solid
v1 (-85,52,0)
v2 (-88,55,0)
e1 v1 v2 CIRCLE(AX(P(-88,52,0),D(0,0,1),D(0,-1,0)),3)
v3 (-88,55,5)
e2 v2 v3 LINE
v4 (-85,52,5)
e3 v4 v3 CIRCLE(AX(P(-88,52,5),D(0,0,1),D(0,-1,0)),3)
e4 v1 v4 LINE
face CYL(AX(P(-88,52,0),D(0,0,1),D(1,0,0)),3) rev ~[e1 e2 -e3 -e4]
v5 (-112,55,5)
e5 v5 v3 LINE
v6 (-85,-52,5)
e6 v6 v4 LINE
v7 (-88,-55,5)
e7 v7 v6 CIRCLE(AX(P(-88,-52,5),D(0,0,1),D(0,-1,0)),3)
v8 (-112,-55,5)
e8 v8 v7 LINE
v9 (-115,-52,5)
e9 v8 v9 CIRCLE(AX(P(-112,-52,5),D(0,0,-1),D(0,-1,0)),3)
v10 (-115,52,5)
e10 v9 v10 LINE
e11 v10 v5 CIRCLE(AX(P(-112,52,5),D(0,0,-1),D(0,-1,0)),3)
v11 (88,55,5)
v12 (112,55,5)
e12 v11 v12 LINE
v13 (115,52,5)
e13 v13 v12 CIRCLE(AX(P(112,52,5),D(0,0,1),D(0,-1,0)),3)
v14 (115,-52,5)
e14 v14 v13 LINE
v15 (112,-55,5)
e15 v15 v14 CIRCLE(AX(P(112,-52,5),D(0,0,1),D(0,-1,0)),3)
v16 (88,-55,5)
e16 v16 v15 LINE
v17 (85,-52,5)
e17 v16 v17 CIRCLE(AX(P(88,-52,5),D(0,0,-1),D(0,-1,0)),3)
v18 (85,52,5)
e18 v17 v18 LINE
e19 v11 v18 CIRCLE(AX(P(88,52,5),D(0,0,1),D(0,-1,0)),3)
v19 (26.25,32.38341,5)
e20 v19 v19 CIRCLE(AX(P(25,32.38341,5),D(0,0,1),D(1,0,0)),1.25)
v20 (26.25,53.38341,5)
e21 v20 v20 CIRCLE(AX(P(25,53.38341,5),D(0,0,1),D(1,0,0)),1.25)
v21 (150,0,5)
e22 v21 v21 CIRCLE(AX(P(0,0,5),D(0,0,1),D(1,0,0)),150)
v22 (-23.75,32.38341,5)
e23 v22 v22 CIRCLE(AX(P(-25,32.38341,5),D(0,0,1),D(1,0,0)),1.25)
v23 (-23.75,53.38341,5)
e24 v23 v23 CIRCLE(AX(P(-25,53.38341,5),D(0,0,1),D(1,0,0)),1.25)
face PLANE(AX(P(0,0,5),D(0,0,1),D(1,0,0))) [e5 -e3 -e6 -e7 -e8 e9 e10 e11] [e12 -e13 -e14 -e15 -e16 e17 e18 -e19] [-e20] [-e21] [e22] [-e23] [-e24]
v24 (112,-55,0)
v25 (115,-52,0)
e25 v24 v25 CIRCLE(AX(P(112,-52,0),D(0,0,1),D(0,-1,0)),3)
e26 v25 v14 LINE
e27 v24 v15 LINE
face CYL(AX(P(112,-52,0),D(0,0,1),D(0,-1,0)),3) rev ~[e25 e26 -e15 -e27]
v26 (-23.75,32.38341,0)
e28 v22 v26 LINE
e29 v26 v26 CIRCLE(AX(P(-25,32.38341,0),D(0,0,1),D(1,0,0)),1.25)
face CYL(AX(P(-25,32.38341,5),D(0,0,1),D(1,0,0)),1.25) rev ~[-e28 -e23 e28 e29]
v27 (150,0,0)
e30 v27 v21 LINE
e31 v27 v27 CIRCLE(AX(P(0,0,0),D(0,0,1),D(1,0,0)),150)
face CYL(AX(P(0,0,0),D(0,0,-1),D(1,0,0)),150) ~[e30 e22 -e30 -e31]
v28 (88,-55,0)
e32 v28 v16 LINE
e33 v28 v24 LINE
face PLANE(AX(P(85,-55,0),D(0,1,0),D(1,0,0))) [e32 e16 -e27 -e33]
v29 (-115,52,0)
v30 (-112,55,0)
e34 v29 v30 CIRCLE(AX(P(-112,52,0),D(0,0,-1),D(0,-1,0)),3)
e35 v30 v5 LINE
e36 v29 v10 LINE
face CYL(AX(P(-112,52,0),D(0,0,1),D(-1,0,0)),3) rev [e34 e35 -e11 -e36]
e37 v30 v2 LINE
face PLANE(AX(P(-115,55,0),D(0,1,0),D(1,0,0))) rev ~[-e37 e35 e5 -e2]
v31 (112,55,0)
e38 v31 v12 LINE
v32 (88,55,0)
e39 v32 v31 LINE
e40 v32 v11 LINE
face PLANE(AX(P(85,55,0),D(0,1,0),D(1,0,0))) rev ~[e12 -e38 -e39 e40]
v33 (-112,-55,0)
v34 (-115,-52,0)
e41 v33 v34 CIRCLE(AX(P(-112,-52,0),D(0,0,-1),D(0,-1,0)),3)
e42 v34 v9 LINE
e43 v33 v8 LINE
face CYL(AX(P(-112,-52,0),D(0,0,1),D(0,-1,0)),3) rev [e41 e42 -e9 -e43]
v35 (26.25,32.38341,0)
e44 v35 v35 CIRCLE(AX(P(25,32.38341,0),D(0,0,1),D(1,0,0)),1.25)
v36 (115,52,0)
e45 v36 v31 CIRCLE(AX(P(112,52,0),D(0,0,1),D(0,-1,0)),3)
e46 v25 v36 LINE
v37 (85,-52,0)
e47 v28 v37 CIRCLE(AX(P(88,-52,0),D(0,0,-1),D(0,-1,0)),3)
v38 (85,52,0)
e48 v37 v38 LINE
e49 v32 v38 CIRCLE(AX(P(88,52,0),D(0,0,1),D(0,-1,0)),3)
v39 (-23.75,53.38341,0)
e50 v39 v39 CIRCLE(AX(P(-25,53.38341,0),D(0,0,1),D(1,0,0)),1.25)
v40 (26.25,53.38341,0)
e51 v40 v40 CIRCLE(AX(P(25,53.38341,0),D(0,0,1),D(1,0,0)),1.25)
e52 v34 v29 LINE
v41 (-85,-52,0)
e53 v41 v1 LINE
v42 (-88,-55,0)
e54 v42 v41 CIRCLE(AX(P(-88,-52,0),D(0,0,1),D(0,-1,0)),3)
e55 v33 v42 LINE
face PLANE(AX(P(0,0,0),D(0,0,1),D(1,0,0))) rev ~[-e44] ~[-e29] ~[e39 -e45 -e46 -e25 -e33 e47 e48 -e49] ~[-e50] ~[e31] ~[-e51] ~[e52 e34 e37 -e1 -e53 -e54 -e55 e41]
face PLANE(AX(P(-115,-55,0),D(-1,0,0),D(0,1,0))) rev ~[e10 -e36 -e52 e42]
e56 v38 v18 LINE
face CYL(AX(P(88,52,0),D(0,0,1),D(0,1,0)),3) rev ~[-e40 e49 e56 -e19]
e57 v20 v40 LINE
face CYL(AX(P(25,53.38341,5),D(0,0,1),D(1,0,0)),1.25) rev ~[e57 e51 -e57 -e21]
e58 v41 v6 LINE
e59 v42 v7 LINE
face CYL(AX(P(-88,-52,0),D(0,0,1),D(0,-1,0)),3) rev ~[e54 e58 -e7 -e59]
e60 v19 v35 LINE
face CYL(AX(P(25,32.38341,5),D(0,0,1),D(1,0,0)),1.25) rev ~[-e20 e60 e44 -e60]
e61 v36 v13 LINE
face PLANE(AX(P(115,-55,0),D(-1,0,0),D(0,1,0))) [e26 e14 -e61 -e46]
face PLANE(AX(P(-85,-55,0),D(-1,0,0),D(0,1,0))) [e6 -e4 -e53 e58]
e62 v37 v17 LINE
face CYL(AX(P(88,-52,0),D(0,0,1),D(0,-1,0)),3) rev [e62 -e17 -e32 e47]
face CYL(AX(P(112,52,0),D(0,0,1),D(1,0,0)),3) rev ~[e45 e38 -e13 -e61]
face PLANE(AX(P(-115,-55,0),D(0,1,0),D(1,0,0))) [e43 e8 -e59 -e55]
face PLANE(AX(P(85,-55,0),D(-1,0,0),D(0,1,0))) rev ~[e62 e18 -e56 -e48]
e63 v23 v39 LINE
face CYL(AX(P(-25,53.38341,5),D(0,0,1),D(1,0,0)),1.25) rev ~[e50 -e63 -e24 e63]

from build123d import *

# Parameters (mm, degrees)
SKETCH_R     = 150
SKETCH_W     = 30
SKETCH_H     = 110
PAD_DEPTH    = 5
FILLET_R     = 3
SKETCH003_R  = 1.25
POCKET_DEPTH = 5.001


with BuildPart() as part:
    # Sketch → Pad (new body)
    with BuildSketch(Plane.XY):
        Circle(SKETCH_R)
        with Locations((-100, 0)):
            Rectangle(SKETCH_W, SKETCH_H, mode=Mode.SUBTRACT)
        with Locations((100, 0)):
            Rectangle(SKETCH_W, SKETCH_H, mode=Mode.SUBTRACT)
    extrude(amount=PAD_DEPTH)

    # Fillet
    fillet_edges = [part.edges().sort_by_distance(p)[0] for p in [
        (-115, -55, 2.5),
        (85, -55, 2.5),
        (115, -55, 2.5),
        (-85, -55, 2.5),
        (115, 55, 2.5),
        (-85, 55, 2.5),
        (-115, 55, 2.5),
        (85, 55, 2.5),
    ]]
    fillet(fillet_edges, radius=FILLET_R)

    # Sketch003 → Pocket (cut, through all)
    with BuildSketch(Plane.XY.offset(5)):
        with Locations((-25, 53.38341)):
            Circle(SKETCH003_R)
        with Locations((25, 53.38341)):
            Circle(SKETCH003_R)
        with Locations((-25, 32.38341)):
            Circle(SKETCH003_R)
        with Locations((25, 32.38341)):
            Circle(SKETCH003_R)
    extrude(amount=-POCKET_DEPTH, mode=Mode.SUBTRACT)


solid = part.part
